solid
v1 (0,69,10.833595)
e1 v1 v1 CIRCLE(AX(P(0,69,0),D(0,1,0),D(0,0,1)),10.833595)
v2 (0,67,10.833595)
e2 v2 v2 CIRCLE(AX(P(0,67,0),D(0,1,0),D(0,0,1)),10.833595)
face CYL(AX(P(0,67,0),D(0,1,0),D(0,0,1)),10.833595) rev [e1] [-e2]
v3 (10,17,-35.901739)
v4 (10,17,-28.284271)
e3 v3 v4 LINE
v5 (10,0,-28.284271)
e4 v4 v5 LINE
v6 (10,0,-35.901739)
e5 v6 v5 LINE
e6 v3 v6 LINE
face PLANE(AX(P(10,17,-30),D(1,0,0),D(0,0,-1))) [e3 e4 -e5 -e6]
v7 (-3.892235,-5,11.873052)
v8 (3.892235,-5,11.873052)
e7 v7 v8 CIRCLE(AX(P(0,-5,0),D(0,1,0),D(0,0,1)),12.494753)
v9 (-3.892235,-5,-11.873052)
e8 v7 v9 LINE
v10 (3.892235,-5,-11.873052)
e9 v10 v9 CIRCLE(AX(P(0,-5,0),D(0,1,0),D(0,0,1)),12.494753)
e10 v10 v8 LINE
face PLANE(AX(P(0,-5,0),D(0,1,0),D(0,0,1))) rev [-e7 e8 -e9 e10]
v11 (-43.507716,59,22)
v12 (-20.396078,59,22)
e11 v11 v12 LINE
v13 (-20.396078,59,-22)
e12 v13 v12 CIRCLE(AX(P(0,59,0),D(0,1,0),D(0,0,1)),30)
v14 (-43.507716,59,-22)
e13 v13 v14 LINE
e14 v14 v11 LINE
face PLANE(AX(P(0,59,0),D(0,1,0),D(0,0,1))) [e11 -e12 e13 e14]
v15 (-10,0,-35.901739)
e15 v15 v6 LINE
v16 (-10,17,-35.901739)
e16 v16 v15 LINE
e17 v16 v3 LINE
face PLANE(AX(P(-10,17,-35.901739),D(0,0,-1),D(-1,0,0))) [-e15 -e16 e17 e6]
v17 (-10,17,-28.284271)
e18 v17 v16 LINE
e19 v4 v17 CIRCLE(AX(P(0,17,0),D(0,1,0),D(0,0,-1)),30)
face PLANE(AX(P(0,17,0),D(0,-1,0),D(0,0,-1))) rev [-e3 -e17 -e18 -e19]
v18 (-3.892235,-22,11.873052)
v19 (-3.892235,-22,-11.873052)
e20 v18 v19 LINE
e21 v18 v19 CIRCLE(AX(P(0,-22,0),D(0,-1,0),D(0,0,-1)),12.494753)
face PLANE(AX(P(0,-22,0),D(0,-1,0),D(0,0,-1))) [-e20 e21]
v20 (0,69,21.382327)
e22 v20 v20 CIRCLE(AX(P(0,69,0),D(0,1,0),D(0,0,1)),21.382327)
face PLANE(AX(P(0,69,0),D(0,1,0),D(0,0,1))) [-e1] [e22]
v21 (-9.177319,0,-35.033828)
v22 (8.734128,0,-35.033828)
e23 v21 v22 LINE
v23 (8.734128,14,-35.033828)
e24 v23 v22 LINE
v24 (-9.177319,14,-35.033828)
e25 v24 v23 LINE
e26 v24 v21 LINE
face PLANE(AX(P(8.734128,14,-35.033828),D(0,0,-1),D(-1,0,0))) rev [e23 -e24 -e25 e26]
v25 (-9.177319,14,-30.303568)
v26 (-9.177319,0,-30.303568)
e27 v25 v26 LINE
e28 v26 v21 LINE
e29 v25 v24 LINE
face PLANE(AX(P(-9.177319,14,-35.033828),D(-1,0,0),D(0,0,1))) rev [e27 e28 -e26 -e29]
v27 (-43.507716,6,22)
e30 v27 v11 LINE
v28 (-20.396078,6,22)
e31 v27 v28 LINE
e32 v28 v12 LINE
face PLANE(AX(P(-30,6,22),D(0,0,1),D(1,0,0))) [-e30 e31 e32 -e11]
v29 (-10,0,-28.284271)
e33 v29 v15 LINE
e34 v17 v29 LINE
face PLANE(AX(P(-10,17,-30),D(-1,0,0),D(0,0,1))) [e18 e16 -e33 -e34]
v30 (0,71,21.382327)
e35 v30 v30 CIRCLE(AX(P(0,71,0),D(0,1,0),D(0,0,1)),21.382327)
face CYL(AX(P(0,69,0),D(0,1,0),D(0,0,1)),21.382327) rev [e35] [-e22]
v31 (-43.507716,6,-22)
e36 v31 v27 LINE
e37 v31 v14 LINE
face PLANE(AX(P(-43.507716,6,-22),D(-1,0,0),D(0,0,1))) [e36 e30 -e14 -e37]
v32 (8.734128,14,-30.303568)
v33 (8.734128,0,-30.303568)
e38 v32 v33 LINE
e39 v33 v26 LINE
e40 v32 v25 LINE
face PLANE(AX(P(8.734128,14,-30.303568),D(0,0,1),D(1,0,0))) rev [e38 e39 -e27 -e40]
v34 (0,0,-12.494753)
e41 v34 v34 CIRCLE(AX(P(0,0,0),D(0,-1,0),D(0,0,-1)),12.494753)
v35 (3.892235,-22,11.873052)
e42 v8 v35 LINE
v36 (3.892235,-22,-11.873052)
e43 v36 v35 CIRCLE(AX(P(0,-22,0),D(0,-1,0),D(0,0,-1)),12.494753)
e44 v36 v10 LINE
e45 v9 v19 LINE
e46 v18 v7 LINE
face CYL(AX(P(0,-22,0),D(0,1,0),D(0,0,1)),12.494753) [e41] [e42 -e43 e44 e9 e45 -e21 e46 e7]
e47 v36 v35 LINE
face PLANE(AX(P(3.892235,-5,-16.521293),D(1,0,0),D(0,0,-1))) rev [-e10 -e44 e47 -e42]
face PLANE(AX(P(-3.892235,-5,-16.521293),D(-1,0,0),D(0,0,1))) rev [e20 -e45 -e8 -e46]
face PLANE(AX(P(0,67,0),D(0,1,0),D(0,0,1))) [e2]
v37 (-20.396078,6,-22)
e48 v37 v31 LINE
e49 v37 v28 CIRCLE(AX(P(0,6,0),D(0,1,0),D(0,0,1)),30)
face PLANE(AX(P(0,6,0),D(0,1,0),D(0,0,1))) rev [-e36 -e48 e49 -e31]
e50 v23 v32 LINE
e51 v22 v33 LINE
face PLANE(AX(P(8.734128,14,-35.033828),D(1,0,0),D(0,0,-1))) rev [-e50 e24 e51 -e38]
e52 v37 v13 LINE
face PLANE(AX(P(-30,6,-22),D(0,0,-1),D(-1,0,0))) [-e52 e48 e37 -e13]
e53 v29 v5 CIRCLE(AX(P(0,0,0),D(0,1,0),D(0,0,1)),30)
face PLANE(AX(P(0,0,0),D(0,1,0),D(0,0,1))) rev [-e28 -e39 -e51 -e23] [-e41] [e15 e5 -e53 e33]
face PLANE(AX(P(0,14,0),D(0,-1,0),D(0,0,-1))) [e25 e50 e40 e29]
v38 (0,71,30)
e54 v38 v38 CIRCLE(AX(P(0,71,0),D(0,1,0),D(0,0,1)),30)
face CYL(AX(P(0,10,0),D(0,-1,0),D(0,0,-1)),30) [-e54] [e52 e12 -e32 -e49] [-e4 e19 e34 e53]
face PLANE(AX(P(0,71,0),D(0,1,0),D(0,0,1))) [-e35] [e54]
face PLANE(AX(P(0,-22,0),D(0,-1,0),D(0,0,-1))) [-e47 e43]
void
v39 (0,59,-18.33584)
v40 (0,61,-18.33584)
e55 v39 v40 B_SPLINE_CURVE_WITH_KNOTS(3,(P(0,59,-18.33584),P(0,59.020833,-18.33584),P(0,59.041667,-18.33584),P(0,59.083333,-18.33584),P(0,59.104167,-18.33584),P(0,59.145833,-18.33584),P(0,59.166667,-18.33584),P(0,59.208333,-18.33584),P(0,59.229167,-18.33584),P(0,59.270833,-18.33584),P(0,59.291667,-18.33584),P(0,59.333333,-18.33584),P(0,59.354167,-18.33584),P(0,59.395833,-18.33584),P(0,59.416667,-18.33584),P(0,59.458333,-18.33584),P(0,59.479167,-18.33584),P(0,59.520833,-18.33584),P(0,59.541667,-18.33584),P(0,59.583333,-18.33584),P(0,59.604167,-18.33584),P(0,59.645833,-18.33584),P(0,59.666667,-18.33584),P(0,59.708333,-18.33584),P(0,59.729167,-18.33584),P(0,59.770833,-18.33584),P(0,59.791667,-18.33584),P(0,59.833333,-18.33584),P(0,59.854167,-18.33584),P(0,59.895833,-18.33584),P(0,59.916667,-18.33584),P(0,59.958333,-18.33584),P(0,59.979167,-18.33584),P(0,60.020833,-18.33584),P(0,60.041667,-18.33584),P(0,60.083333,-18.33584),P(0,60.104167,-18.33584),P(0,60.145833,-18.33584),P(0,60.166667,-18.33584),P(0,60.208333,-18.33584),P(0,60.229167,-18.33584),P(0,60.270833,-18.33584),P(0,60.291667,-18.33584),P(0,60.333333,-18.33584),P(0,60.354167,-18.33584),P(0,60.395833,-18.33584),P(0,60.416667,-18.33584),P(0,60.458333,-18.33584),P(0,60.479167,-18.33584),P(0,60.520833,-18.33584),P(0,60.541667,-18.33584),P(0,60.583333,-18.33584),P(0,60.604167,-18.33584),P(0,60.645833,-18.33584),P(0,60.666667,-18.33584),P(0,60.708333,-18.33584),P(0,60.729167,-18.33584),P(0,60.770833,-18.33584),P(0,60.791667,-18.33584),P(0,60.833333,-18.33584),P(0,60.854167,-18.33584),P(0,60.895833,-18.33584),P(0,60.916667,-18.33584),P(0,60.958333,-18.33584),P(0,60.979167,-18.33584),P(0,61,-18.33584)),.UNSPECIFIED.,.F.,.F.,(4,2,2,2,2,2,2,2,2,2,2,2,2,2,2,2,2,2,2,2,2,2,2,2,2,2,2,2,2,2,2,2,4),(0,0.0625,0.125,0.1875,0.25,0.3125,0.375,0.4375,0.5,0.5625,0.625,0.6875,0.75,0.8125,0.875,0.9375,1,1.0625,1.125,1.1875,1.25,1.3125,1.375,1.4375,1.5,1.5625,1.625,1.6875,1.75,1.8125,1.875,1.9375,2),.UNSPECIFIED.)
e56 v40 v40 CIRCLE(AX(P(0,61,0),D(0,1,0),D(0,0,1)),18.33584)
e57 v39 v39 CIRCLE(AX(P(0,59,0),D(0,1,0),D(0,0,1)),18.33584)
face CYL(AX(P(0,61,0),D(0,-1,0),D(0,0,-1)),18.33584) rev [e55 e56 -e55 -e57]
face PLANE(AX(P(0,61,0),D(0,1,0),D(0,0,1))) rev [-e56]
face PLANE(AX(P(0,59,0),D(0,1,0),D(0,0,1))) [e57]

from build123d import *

# Parameters (mm, degrees)
ESBO_O1_R                     = 30
RESSALTO_EXTRUS_O2_DEPTH      = 10
ESBO_O3_R                     = 12.494753049
RESSALTO_EXTRUS_O3_DEPTH      = 22
ESBO_O4_R                     = 30
ESBO_O4_R_2                   = 18.335840205
RESSALTO_EXTRUS_O4_DEPTH      = 51
ESBO_O5_R                     = 30
RESSALTO_EXTRUS_O5_DEPTH      = 10
ESBO_O6_R                     = 21.382326649
CORTE_EXTRUS_O1_DEPTH         = 2
ESBO_O7_R                     = 10.833594829
CORTE_EXTRUS_O2_DEPTH         = 2
ESBO_O8_W                     = 7.784469092
ESBO_O8_H                     = 33.042586886
CORTE_EXTRUS_O3_DEPTH         = 17
RESSALTO_EXTRUS_O7_DEPTH      = 17
ESBO_O11_W                    = 17.91144748
ESBO_O11_H                    = 4.730260337
CORTE_EXTRUS_O4_DEPTH         = 14
RESSALTO_EXTRUS_O9_DEPTH      = 29
RESSALTO_EXTRUS_O9_DEPTH_BACK = 24


with BuildPart() as part:
    # Esboço1 → Ressalto-extrusão2 (new body)
    with BuildSketch(Plane(origin=(0, 0, 0), x_dir=(1, 0, 0), z_dir=(0, 1, 0))):
        with Locations(Location((0, 0, 0), (0, 0, 270))):
            Circle(ESBO_O1_R)
    extrude(amount=RESSALTO_EXTRUS_O2_DEPTH)

    # Esboço3 → Ressalto-extrusão3 (add)
    with BuildSketch(Plane.XZ):
        with Locations(Location((0, 0, 0), (0, 0, 270))):
            Circle(ESBO_O3_R)
    extrude(amount=RESSALTO_EXTRUS_O3_DEPTH)

    # Esboço4 → Ressalto-extrusão4 (add)
    with BuildSketch(Plane(origin=(0, 10, 0), x_dir=(1, 0, 0), z_dir=(0, 1, 0))):
        with Locations(Location((0, 0, 0), (0, 0, 270))):
            Circle(ESBO_O4_R)
        with Locations(Location((0, 0, 0), (0, 0, 90))):
            Circle(ESBO_O4_R_2, mode=Mode.SUBTRACT)
    extrude(amount=RESSALTO_EXTRUS_O4_DEPTH)

    # Esboço5 → Ressalto-extrusão5 (add)
    with BuildSketch(Plane(origin=(0, 61, 0), x_dir=(1, 0, 0), z_dir=(0, 1, 0))):
        with Locations(Location((0, 0, 0), (0, 0, 270))):
            Circle(ESBO_O5_R)
    extrude(amount=RESSALTO_EXTRUS_O5_DEPTH)

    # Esboço6 → Corte-extrusão1 (cut)
    with BuildSketch(Plane(origin=(0, 71, 0), x_dir=(1, 0, 0), z_dir=(0, 1, 0))):
        with Locations(Location((0, 0, 0), (0, 0, 270))):
            Circle(ESBO_O6_R)
    extrude(amount=-CORTE_EXTRUS_O1_DEPTH, mode=Mode.SUBTRACT)

    # Esboço7 → Corte-extrusão2 (cut)
    with BuildSketch(Plane(origin=(0, 69, 0), x_dir=(1, 0, 0), z_dir=(0, 1, 0))):
        with Locations(Location((0, 0, 0), (0, 0, 270))):
            Circle(ESBO_O7_R)
    extrude(amount=-CORTE_EXTRUS_O2_DEPTH, mode=Mode.SUBTRACT)

    # Esboço8 → Corte-extrusão3 (cut)
    with BuildSketch(Plane.XZ.offset(22)):
        Rectangle(ESBO_O8_W, ESBO_O8_H)
    extrude(amount=-CORTE_EXTRUS_O3_DEPTH, mode=Mode.SUBTRACT)

    # Esboço10 → Ressalto-extrusão7 (add)
    with BuildSketch(Plane.XZ):
        with BuildLine():
            Line((-10, -30), (-10, -35.901739495))
            Line((-10, -35.901739495), (10, -35.901739495))
            Line((10, -35.901739495), (10, -30))
            Line((10, -30), (10, -28.284271247))
            ThreePointArc((10, -28.284271247), (0, -30), (-10, -28.284271247))
            Line((-10, -28.284271247), (-10, -30))
        make_face()
    extrude(amount=-RESSALTO_EXTRUS_O7_DEPTH)

    # Esboço11 → Corte-extrusão4 (cut)
    with BuildSketch(Plane.XZ):
        with Locations((-0.221595313, -32.668697771)):
            Rectangle(ESBO_O11_W, ESBO_O11_H)
    extrude(amount=-CORTE_EXTRUS_O4_DEPTH, mode=Mode.SUBTRACT)

    # Esboço13 → Ressalto-extrusão9 (add, two sides: drawn at the far end of the back side and taken through both)
    with BuildSketch(Plane(origin=(0, 30, 0), x_dir=(1, 0, 0), z_dir=(0, 1, 0)).offset(-RESSALTO_EXTRUS_O9_DEPTH_BACK)):
        with BuildLine():
            Line((-30, 22), (-43.507715599, 22))
            Line((-43.507715599, 22), (-43.507715599, -22))
            Line((-43.507715599, -22), (-30, -22))
            Line((-30, -22), (-20.396078054, -22))
            ThreePointArc((-20.396078054, -22), (30, 0), (-20.396078054, 22))
            Line((-20.396078054, 22), (-30, 22))
        make_face()
    extrude(amount=RESSALTO_EXTRUS_O9_DEPTH + RESSALTO_EXTRUS_O9_DEPTH_BACK)


solid = part.part
